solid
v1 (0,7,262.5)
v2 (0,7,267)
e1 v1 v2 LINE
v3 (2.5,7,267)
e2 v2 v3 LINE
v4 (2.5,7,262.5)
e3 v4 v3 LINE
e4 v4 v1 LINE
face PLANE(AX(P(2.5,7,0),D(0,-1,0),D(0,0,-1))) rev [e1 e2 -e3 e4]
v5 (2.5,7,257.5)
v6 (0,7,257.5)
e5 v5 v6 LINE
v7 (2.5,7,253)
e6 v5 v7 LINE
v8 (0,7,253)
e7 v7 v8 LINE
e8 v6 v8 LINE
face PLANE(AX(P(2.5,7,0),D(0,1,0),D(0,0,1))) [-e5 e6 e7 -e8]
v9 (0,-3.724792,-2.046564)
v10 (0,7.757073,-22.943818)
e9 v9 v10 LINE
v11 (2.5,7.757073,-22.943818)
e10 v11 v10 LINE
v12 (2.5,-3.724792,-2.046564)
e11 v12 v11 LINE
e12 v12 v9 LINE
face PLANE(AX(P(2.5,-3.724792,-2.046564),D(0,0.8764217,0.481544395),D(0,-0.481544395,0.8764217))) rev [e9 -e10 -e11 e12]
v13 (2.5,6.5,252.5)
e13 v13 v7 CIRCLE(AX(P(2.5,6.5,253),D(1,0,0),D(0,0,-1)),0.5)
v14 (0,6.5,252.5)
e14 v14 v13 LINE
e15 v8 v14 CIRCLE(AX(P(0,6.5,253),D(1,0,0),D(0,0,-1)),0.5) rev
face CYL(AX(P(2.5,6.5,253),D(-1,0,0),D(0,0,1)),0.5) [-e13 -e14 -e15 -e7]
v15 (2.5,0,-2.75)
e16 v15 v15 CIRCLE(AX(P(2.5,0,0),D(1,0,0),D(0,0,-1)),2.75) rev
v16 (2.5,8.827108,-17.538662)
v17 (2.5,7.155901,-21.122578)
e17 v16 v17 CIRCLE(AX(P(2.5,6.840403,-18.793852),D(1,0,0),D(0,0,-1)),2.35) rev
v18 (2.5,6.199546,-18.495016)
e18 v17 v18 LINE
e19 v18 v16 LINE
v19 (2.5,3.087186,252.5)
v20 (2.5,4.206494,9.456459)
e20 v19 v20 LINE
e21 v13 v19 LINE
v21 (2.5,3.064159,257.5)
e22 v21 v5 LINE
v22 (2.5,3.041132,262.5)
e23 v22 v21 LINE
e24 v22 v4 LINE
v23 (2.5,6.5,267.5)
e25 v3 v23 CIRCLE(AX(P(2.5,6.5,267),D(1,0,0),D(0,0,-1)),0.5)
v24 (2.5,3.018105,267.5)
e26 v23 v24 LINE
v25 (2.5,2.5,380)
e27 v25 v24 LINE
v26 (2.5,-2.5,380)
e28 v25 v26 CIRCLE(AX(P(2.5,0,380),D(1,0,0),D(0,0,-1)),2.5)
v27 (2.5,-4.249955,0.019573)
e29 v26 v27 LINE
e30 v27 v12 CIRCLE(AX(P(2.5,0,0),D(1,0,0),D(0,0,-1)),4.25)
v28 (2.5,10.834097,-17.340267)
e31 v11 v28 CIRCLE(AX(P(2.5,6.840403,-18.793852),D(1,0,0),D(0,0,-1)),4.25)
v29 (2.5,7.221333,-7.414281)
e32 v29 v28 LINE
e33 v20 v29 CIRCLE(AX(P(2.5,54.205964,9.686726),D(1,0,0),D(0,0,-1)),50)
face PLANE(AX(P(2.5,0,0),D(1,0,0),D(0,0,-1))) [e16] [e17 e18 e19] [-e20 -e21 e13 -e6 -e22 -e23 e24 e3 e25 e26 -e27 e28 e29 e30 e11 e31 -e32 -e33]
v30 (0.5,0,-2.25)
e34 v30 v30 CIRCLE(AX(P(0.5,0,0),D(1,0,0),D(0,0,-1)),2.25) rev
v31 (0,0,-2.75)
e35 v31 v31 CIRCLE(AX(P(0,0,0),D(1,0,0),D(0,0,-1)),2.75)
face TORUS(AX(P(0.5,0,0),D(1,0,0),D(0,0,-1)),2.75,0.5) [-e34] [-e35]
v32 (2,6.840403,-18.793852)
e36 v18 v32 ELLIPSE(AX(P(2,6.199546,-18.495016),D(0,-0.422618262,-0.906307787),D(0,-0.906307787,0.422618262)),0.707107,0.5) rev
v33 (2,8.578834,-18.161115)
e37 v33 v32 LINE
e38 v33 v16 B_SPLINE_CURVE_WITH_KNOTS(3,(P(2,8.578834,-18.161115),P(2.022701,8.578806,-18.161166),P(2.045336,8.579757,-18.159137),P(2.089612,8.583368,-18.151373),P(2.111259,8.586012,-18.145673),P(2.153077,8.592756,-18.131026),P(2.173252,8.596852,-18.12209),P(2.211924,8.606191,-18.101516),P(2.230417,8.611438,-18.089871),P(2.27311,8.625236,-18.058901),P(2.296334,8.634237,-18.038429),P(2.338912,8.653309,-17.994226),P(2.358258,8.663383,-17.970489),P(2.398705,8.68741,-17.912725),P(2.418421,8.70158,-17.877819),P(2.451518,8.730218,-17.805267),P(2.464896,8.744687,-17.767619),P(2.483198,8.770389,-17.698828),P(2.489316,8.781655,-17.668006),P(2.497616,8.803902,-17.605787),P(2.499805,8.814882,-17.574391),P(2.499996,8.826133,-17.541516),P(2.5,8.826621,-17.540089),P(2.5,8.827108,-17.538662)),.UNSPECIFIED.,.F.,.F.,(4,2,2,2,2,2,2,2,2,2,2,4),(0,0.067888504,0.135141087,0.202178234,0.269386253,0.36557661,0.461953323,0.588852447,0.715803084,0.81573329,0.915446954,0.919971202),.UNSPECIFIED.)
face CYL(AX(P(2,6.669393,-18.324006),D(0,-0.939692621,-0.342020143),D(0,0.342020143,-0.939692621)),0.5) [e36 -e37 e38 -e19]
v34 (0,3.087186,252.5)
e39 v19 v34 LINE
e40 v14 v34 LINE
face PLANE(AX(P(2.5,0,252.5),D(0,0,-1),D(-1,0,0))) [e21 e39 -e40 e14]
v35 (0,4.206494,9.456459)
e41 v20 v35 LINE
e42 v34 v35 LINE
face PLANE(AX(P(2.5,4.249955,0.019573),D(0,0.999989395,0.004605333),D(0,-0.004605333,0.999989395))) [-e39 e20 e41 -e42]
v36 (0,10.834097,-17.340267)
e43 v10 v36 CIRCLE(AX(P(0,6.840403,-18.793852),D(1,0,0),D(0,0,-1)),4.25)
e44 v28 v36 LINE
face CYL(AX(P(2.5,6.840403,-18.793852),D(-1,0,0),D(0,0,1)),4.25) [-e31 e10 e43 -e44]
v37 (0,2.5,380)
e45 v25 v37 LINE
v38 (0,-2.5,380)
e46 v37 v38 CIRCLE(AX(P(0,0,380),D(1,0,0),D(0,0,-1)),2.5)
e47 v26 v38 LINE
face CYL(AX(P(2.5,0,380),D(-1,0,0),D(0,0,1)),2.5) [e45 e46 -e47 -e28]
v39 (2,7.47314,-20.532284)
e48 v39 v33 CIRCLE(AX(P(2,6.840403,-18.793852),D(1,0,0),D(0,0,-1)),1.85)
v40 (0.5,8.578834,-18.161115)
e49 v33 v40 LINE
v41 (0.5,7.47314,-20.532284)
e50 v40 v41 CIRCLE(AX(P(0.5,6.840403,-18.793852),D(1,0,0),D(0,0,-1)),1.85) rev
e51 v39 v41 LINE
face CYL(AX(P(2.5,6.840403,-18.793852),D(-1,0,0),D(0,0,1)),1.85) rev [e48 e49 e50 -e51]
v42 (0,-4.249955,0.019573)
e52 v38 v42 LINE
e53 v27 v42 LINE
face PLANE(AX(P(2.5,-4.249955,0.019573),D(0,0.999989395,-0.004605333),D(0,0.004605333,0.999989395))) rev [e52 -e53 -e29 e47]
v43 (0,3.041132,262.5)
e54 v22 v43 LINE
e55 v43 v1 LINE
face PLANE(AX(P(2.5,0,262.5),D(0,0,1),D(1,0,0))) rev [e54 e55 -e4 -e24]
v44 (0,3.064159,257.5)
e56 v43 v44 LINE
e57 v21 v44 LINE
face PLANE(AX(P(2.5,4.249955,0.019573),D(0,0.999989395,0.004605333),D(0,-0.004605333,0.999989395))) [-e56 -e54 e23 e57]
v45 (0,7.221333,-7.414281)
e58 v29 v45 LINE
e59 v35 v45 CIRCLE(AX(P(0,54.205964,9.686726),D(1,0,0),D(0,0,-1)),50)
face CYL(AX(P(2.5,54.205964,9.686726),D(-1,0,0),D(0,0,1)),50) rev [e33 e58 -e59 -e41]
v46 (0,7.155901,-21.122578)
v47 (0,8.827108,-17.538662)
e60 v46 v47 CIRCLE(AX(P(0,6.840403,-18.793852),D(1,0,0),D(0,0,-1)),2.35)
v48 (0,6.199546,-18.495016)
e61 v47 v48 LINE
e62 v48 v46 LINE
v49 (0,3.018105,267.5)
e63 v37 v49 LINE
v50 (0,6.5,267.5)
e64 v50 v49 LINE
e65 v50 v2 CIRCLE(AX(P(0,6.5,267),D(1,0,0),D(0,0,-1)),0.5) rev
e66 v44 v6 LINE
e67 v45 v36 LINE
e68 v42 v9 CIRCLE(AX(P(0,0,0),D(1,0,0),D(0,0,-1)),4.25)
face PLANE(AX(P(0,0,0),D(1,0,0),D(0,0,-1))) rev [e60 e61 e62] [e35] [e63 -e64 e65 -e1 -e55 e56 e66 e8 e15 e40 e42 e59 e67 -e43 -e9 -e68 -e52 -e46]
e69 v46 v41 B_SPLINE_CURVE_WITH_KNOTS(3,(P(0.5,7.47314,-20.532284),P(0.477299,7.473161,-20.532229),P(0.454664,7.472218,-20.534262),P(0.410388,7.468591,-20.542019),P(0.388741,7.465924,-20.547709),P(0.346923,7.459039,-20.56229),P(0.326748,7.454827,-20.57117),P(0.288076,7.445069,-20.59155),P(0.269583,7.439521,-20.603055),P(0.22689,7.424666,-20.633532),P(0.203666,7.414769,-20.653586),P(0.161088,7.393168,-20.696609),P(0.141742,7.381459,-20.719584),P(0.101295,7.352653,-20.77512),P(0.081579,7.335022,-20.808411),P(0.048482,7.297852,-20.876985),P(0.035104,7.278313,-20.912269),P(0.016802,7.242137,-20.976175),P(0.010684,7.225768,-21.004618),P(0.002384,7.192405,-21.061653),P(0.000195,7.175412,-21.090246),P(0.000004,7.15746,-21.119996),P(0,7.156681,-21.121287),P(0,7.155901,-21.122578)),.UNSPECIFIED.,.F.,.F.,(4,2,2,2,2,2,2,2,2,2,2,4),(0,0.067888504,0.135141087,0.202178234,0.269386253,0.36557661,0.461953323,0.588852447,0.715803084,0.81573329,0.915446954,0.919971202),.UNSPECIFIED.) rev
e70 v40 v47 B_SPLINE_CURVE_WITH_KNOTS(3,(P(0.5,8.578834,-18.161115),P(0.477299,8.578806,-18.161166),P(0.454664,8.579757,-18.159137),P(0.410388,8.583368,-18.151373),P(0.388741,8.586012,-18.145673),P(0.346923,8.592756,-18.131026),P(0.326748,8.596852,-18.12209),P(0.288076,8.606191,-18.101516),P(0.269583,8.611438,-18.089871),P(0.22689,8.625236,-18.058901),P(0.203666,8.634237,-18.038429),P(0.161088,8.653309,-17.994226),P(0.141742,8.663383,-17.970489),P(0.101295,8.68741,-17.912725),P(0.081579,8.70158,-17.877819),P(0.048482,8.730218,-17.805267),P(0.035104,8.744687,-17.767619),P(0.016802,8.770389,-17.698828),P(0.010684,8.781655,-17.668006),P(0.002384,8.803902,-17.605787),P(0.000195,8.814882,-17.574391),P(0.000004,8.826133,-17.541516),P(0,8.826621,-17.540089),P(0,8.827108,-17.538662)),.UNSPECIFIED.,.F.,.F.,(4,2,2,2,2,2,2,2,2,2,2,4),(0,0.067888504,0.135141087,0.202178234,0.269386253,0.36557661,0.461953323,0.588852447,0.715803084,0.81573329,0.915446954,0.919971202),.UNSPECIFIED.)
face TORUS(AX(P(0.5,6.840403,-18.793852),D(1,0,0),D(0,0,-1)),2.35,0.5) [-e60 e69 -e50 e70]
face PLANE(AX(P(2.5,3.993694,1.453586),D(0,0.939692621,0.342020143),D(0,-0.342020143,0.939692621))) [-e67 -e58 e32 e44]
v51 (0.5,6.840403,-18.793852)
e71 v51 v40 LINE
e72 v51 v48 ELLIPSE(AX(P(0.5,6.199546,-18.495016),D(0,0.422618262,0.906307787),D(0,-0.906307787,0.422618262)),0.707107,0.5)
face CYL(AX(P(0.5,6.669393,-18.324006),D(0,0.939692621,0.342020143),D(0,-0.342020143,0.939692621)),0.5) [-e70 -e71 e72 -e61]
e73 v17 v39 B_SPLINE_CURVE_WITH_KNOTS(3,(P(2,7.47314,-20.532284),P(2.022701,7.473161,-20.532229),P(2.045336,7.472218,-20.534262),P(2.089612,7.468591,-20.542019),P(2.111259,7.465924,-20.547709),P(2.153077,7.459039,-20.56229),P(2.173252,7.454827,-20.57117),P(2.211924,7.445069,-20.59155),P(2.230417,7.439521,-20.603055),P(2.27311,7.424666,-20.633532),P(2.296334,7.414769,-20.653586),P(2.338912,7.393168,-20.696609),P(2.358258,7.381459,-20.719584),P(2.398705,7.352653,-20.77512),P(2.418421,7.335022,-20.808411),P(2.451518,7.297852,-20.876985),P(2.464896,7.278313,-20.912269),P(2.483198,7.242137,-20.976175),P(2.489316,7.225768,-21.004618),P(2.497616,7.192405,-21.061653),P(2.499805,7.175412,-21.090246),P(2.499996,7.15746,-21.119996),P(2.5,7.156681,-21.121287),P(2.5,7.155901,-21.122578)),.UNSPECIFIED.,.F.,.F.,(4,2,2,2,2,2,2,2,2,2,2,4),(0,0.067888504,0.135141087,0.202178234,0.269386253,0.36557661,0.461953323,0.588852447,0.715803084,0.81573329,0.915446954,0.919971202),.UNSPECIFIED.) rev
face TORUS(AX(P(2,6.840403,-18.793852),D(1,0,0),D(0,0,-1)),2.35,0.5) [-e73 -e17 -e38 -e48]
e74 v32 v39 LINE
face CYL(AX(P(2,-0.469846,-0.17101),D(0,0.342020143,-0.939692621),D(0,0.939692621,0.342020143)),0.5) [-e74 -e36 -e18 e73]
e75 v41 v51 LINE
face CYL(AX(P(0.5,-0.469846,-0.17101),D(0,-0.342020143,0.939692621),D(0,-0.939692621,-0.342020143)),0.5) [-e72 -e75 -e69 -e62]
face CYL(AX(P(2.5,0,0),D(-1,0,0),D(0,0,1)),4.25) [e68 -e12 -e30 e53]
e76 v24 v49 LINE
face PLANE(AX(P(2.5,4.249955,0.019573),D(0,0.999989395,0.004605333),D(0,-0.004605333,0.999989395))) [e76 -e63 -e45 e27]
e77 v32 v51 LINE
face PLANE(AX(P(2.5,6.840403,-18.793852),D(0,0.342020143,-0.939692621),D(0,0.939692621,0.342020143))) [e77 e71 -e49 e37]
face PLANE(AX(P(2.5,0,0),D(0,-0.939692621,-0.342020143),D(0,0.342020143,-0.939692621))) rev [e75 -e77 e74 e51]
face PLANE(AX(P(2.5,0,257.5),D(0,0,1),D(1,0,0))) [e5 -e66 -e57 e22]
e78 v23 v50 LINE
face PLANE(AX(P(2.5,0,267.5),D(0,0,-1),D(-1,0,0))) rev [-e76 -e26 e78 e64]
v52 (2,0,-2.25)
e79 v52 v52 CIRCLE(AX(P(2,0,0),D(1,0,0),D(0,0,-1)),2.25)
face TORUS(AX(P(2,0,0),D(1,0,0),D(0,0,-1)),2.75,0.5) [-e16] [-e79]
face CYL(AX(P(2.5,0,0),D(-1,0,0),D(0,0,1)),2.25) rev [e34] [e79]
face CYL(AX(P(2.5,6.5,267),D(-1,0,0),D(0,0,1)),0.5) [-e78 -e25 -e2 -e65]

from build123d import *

# Parameters (mm, degrees)
SKETCH_1_R      = 2.25
EXTRUDE_1_DEPTH = 2.5
FILLET_1_R      = 0.5


with BuildPart() as part:
    # Эскиз1 → Бобышка-Вытянуть1 (new body)
    with BuildSketch(Plane(origin=(0, 0, 0), x_dir=(0, 0, -1), z_dir=(1, 0, 0))):
        with BuildLine():
            ThreePointArc((22.943818195, 7.757072943), (20.83949046, 10.565703525), (17.340266807, 10.834096505))
            Line((17.340266807, 10.834096505), (7.414281192, 7.221333195))
            ThreePointArc((7.414281192, 7.221333195), (-0.89095562, 4.985699873), (-9.456459328, 4.206494465))
            Line((-9.456459328, 4.206494465), (-252.5, 3.087186175))
            Line((-252.5, 3.087186175), (-252.5, 7))
            Line((-252.5, 7), (-257.5, 7))
            Line((-257.5, 7), (-257.5, 3.064159266))
            Line((-257.5, 3.064159266), (-262.5, 3.041132357))
            Line((-262.5, 3.041132357), (-262.5, 7))
            Line((-262.5, 7), (-267.5, 7))
            Line((-267.5, 7), (-267.5, 3.018105448))
            Line((-267.5, 3.018105448), (-380, 2.5))
            ThreePointArc((-380, 2.5), (-382.5, 0), (-380, -2.5))
            Line((-380, -2.5), (-0.019572665, -4.24995493))
            ThreePointArc((-0.019572665, -4.24995493), (1.046958504, -4.119026328), (2.046563679, -3.724792223))
            Line((2.046563679, -3.724792223), (22.943818195, 7.757072943))
        make_face()
        with BuildLine():
            Line((18.793852416, 6.840402867), (18.161115151, 8.578834215))
            ThreePointArc((18.161115151, 8.578834215), (19.5756962, 8.517072273), (20.532283764, 7.473140132))
            Line((20.532283764, 7.473140132), (18.793852416, 6.840402867))
        make_face(mode=Mode.SUBTRACT)
        Circle(SKETCH_1_R, mode=Mode.SUBTRACT)
    extrude(amount=EXTRUDE_1_DEPTH)

    # Скругление1
    fillet_1_edges = [part.edges().sort_by_distance(p)[0] for p in [
        (2.5, 0, 2.25),
        (2.5, 7.156771499, -19.66306809),
        (2.5, 7.709618541, -18.477483783),
        (0, 0, 2.25),
        (0, 7.709618541, -18.477483783),
        (0, 7.156771499, -19.66306809),
        (0, 8.517072273, -19.5756962),
        (1.25, 7, 267.5),
        (1.25, 7, 252.5),
        (2.5, 8.517072273, -19.5756962),
    ]]
    fillet(fillet_1_edges, radius=FILLET_1_R)


solid = part.part
